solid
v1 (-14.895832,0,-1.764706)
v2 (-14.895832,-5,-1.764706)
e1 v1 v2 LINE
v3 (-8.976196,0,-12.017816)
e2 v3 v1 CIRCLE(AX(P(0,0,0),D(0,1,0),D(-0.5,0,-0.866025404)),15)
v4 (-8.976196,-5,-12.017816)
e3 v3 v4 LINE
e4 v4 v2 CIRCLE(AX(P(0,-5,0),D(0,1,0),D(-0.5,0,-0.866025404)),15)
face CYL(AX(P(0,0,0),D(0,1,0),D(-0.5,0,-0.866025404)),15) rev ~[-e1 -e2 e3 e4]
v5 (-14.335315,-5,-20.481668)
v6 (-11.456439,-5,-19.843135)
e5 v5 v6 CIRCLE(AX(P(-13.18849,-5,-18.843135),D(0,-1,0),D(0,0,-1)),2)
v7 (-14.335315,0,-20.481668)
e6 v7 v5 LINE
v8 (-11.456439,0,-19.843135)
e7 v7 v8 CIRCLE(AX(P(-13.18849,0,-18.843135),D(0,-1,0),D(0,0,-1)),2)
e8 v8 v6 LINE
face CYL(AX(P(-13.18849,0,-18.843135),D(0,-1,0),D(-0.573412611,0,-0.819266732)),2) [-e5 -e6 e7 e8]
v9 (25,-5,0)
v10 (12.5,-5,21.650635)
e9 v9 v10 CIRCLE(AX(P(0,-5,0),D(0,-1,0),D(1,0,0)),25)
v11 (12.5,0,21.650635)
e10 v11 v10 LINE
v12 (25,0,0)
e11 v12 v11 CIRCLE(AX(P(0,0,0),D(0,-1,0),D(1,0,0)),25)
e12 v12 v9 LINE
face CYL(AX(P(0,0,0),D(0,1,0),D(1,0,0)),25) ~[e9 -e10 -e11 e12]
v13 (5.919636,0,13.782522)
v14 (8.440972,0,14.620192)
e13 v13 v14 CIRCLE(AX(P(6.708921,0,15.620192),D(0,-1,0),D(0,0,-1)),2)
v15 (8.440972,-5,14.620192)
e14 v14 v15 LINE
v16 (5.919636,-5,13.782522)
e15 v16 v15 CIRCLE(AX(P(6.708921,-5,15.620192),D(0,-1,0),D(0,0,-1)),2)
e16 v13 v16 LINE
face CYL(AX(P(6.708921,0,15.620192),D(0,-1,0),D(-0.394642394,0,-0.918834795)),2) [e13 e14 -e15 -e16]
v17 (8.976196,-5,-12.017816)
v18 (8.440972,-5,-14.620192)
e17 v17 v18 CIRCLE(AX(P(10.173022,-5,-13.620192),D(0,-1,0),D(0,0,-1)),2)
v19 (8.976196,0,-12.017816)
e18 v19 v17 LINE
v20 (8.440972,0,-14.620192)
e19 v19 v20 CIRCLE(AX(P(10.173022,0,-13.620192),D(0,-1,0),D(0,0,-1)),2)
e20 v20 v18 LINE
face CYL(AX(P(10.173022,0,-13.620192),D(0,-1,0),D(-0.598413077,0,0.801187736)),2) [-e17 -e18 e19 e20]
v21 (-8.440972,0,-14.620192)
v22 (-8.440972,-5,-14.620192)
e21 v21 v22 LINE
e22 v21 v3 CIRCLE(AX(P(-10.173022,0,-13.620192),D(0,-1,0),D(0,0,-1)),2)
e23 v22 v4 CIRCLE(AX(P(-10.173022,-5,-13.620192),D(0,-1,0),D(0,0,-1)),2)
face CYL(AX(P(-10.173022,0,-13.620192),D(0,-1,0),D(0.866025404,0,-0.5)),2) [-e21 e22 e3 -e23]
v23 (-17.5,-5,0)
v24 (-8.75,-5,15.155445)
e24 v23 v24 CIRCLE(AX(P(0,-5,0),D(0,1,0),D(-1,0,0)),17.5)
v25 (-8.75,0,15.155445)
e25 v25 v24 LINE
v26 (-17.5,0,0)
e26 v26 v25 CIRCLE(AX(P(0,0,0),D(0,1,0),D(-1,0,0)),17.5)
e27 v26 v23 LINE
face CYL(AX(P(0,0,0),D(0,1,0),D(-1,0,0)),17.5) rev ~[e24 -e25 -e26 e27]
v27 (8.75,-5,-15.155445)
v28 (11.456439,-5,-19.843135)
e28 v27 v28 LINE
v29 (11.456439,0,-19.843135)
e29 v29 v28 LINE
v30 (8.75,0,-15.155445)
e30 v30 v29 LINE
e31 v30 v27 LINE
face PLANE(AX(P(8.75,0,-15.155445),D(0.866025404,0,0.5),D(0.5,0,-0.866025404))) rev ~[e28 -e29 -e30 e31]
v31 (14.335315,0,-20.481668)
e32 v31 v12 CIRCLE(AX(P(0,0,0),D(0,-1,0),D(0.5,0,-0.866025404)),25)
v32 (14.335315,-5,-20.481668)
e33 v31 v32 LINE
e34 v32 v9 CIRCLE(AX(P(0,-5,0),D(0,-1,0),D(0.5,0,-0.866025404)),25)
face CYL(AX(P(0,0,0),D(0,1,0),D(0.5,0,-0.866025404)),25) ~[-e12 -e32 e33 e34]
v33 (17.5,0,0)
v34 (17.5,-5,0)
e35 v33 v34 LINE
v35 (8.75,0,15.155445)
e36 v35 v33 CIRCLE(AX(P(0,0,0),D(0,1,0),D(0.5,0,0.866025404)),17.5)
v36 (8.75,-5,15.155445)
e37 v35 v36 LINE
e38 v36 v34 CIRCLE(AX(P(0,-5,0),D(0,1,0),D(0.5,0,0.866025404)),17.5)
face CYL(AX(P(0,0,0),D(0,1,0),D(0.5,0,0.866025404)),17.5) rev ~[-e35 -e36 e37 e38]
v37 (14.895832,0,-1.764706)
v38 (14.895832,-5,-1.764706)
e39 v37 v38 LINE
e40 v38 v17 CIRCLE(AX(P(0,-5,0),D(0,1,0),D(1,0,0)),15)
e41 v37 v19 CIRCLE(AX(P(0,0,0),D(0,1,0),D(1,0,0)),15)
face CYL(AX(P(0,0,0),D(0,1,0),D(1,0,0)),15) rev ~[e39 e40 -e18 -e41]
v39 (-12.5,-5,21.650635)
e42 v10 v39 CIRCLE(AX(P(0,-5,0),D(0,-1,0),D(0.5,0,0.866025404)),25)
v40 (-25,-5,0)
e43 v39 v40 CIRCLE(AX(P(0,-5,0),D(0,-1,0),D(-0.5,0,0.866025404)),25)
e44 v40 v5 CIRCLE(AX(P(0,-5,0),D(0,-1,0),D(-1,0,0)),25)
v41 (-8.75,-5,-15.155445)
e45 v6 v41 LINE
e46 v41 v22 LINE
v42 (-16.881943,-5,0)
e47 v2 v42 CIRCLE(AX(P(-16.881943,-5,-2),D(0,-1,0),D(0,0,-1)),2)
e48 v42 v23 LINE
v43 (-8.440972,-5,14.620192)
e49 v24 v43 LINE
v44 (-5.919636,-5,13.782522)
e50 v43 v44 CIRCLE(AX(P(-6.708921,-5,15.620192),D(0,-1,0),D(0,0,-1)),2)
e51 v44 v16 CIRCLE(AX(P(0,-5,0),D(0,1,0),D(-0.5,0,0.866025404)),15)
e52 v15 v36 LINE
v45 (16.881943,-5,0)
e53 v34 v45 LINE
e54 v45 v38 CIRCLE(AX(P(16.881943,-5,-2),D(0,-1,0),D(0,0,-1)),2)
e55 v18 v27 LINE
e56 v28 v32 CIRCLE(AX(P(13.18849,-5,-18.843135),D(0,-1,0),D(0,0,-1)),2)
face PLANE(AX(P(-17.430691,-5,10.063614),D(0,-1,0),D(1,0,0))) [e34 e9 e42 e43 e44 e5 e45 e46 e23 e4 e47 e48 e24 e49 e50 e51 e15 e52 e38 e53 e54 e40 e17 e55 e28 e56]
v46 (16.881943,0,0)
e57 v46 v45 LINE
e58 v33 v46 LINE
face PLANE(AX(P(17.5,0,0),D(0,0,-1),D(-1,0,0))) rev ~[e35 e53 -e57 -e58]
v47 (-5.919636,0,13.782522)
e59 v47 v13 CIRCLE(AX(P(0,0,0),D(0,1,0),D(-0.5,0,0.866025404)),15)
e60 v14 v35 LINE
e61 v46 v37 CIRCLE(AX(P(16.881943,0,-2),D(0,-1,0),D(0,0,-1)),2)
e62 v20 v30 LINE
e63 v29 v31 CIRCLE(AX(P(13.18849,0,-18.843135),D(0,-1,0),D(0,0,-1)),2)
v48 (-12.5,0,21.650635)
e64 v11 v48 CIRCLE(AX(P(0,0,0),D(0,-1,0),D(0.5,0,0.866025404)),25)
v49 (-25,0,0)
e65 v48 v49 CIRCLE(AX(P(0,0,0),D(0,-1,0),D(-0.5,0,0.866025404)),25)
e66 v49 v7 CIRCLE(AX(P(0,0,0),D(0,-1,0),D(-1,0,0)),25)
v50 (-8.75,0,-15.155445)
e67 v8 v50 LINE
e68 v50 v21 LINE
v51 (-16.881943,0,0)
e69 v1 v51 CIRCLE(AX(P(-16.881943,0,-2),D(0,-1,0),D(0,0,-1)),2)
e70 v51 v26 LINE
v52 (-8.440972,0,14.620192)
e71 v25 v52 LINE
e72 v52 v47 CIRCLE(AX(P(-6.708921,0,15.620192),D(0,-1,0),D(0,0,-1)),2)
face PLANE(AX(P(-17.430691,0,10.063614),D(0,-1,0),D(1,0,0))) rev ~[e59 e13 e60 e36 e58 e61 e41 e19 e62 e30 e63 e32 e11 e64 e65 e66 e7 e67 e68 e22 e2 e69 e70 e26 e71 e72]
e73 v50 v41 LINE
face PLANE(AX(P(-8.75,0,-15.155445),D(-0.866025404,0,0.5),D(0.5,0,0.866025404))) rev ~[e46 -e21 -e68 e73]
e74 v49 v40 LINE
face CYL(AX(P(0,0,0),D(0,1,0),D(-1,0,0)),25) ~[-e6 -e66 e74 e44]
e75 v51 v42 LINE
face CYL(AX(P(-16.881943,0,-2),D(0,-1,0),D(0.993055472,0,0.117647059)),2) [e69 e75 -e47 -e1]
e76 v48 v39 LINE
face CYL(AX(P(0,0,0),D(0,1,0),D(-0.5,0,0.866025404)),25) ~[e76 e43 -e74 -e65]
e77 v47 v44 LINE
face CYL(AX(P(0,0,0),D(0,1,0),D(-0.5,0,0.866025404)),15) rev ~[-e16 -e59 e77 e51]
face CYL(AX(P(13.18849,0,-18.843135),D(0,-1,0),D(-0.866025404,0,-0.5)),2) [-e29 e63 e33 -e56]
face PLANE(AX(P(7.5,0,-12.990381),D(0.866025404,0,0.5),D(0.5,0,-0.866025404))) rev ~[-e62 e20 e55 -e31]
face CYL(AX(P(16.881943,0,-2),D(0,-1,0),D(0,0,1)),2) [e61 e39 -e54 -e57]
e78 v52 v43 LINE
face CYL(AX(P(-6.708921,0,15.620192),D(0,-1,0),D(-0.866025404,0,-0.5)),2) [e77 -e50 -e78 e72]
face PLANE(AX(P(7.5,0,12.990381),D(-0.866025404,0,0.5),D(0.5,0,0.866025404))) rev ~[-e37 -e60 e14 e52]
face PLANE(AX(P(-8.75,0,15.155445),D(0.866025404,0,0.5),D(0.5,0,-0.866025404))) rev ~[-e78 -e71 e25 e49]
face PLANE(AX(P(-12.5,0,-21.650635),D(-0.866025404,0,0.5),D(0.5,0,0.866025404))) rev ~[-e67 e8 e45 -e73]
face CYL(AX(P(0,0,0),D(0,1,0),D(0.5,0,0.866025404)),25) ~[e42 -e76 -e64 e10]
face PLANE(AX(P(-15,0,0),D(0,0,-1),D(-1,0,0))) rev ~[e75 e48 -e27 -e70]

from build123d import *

# Parameters (mm, degrees)
F1_DEPTH = 5
F2_R     = 2


with BuildPart() as f1:
    # F0 (on Front) → F1 (new body)
    with BuildSketch(Plane.XZ):
        with BuildLine():
            Line((-8.75, 15.1554445662), (-12.5, 21.6506350946))
            ThreePointArc((-12.5, 21.6506350946), (-21.6506350946, 12.5), (-25, 0))
            Line((-25, 0), (-17.5, 0))
            ThreePointArc((-17.5, 0), (-15.1554445662, 8.75), (-8.75, 15.1554445662))
        make_face()
        with BuildLine():
            Line((-17.5, 0), (-25, 0))
            ThreePointArc((-25, 0), (-21.6506350946, -12.5), (-12.5, -21.6506350946))
            Line((-12.5, -21.6506350946), (-8.75, -15.1554445662))
            ThreePointArc((-8.75, -15.1554445662), (-15.1554445662, -8.75), (-17.5, 0))
        make_face()
        with BuildLine():
            Line((-15, 0), (-17.5, 0))
            ThreePointArc((-17.5, 0), (-15.1554445662, -8.75), (-8.75, -15.1554445662))
            Line((-8.75, -15.1554445662), (-7.5, -12.9903810568))
            ThreePointArc((-7.5, -12.9903810568), (-12.9903810568, -7.5), (-15, 0))
        make_face()
        with BuildLine():
            Line((7.5, 12.9903810568), (8.75, 15.1554445662))
            ThreePointArc((8.75, 15.1554445662), (0, 17.5), (-8.75, 15.1554445662))
            Line((-8.75, 15.1554445662), (-7.5, 12.9903810568))
            ThreePointArc((-7.5, 12.9903810568), (0, 15), (7.5, 12.9903810568))
        make_face()
        with BuildLine():
            Line((8.75, 15.1554445662), (12.5, 21.6506350946))
            ThreePointArc((12.5, 21.6506350946), (0, 25), (-12.5, 21.6506350946))
            Line((-12.5, 21.6506350946), (-8.75, 15.1554445662))
            ThreePointArc((-8.75, 15.1554445662), (0, 17.5), (8.75, 15.1554445662))
        make_face()
        with BuildLine():
            Line((17.5, 0), (25, 0))
            ThreePointArc((25, 0), (21.6506350946, 12.5), (12.5, 21.6506350946))
            Line((12.5, 21.6506350946), (8.75, 15.1554445662))
            ThreePointArc((8.75, 15.1554445662), (15.1554445662, 8.75), (17.5, 0))
        make_face()
        with BuildLine():
            Line((7.5, -12.9903810568), (8.75, -15.1554445662))
            ThreePointArc((8.75, -15.1554445662), (15.1554445662, -8.75), (17.5, 0))
            Line((17.5, 0), (15, 0))
            ThreePointArc((15, 0), (12.9903810568, -7.5), (7.5, -12.9903810568))
        make_face()
        with BuildLine():
            Line((8.75, -15.1554445662), (12.5, -21.6506350946))
            ThreePointArc((12.5, -21.6506350946), (21.6506350946, -12.5), (25, 0))
            Line((25, 0), (17.5, 0))
            ThreePointArc((17.5, 0), (15.1554445662, -8.75), (8.75, -15.1554445662))
        make_face()
    extrude(amount=F1_DEPTH)

    # F2
    f2_edges = [f1.edges().sort_by_distance(p)[0] for p in [
        (7.5, -2.5, 12.990381),
        (-7.5, -2.5, 12.990381),
        (-15, -2.5, 0),
        (-7.5, -2.5, -12.990381),
        (7.5, -2.5, -12.990381),
        (15, -2.5, 0),
        (-12.5, -2.5, -21.650635),
        (12.5, -2.5, -21.650635),
    ]]
    fillet(f2_edges, radius=F2_R)


solid = f1.part
